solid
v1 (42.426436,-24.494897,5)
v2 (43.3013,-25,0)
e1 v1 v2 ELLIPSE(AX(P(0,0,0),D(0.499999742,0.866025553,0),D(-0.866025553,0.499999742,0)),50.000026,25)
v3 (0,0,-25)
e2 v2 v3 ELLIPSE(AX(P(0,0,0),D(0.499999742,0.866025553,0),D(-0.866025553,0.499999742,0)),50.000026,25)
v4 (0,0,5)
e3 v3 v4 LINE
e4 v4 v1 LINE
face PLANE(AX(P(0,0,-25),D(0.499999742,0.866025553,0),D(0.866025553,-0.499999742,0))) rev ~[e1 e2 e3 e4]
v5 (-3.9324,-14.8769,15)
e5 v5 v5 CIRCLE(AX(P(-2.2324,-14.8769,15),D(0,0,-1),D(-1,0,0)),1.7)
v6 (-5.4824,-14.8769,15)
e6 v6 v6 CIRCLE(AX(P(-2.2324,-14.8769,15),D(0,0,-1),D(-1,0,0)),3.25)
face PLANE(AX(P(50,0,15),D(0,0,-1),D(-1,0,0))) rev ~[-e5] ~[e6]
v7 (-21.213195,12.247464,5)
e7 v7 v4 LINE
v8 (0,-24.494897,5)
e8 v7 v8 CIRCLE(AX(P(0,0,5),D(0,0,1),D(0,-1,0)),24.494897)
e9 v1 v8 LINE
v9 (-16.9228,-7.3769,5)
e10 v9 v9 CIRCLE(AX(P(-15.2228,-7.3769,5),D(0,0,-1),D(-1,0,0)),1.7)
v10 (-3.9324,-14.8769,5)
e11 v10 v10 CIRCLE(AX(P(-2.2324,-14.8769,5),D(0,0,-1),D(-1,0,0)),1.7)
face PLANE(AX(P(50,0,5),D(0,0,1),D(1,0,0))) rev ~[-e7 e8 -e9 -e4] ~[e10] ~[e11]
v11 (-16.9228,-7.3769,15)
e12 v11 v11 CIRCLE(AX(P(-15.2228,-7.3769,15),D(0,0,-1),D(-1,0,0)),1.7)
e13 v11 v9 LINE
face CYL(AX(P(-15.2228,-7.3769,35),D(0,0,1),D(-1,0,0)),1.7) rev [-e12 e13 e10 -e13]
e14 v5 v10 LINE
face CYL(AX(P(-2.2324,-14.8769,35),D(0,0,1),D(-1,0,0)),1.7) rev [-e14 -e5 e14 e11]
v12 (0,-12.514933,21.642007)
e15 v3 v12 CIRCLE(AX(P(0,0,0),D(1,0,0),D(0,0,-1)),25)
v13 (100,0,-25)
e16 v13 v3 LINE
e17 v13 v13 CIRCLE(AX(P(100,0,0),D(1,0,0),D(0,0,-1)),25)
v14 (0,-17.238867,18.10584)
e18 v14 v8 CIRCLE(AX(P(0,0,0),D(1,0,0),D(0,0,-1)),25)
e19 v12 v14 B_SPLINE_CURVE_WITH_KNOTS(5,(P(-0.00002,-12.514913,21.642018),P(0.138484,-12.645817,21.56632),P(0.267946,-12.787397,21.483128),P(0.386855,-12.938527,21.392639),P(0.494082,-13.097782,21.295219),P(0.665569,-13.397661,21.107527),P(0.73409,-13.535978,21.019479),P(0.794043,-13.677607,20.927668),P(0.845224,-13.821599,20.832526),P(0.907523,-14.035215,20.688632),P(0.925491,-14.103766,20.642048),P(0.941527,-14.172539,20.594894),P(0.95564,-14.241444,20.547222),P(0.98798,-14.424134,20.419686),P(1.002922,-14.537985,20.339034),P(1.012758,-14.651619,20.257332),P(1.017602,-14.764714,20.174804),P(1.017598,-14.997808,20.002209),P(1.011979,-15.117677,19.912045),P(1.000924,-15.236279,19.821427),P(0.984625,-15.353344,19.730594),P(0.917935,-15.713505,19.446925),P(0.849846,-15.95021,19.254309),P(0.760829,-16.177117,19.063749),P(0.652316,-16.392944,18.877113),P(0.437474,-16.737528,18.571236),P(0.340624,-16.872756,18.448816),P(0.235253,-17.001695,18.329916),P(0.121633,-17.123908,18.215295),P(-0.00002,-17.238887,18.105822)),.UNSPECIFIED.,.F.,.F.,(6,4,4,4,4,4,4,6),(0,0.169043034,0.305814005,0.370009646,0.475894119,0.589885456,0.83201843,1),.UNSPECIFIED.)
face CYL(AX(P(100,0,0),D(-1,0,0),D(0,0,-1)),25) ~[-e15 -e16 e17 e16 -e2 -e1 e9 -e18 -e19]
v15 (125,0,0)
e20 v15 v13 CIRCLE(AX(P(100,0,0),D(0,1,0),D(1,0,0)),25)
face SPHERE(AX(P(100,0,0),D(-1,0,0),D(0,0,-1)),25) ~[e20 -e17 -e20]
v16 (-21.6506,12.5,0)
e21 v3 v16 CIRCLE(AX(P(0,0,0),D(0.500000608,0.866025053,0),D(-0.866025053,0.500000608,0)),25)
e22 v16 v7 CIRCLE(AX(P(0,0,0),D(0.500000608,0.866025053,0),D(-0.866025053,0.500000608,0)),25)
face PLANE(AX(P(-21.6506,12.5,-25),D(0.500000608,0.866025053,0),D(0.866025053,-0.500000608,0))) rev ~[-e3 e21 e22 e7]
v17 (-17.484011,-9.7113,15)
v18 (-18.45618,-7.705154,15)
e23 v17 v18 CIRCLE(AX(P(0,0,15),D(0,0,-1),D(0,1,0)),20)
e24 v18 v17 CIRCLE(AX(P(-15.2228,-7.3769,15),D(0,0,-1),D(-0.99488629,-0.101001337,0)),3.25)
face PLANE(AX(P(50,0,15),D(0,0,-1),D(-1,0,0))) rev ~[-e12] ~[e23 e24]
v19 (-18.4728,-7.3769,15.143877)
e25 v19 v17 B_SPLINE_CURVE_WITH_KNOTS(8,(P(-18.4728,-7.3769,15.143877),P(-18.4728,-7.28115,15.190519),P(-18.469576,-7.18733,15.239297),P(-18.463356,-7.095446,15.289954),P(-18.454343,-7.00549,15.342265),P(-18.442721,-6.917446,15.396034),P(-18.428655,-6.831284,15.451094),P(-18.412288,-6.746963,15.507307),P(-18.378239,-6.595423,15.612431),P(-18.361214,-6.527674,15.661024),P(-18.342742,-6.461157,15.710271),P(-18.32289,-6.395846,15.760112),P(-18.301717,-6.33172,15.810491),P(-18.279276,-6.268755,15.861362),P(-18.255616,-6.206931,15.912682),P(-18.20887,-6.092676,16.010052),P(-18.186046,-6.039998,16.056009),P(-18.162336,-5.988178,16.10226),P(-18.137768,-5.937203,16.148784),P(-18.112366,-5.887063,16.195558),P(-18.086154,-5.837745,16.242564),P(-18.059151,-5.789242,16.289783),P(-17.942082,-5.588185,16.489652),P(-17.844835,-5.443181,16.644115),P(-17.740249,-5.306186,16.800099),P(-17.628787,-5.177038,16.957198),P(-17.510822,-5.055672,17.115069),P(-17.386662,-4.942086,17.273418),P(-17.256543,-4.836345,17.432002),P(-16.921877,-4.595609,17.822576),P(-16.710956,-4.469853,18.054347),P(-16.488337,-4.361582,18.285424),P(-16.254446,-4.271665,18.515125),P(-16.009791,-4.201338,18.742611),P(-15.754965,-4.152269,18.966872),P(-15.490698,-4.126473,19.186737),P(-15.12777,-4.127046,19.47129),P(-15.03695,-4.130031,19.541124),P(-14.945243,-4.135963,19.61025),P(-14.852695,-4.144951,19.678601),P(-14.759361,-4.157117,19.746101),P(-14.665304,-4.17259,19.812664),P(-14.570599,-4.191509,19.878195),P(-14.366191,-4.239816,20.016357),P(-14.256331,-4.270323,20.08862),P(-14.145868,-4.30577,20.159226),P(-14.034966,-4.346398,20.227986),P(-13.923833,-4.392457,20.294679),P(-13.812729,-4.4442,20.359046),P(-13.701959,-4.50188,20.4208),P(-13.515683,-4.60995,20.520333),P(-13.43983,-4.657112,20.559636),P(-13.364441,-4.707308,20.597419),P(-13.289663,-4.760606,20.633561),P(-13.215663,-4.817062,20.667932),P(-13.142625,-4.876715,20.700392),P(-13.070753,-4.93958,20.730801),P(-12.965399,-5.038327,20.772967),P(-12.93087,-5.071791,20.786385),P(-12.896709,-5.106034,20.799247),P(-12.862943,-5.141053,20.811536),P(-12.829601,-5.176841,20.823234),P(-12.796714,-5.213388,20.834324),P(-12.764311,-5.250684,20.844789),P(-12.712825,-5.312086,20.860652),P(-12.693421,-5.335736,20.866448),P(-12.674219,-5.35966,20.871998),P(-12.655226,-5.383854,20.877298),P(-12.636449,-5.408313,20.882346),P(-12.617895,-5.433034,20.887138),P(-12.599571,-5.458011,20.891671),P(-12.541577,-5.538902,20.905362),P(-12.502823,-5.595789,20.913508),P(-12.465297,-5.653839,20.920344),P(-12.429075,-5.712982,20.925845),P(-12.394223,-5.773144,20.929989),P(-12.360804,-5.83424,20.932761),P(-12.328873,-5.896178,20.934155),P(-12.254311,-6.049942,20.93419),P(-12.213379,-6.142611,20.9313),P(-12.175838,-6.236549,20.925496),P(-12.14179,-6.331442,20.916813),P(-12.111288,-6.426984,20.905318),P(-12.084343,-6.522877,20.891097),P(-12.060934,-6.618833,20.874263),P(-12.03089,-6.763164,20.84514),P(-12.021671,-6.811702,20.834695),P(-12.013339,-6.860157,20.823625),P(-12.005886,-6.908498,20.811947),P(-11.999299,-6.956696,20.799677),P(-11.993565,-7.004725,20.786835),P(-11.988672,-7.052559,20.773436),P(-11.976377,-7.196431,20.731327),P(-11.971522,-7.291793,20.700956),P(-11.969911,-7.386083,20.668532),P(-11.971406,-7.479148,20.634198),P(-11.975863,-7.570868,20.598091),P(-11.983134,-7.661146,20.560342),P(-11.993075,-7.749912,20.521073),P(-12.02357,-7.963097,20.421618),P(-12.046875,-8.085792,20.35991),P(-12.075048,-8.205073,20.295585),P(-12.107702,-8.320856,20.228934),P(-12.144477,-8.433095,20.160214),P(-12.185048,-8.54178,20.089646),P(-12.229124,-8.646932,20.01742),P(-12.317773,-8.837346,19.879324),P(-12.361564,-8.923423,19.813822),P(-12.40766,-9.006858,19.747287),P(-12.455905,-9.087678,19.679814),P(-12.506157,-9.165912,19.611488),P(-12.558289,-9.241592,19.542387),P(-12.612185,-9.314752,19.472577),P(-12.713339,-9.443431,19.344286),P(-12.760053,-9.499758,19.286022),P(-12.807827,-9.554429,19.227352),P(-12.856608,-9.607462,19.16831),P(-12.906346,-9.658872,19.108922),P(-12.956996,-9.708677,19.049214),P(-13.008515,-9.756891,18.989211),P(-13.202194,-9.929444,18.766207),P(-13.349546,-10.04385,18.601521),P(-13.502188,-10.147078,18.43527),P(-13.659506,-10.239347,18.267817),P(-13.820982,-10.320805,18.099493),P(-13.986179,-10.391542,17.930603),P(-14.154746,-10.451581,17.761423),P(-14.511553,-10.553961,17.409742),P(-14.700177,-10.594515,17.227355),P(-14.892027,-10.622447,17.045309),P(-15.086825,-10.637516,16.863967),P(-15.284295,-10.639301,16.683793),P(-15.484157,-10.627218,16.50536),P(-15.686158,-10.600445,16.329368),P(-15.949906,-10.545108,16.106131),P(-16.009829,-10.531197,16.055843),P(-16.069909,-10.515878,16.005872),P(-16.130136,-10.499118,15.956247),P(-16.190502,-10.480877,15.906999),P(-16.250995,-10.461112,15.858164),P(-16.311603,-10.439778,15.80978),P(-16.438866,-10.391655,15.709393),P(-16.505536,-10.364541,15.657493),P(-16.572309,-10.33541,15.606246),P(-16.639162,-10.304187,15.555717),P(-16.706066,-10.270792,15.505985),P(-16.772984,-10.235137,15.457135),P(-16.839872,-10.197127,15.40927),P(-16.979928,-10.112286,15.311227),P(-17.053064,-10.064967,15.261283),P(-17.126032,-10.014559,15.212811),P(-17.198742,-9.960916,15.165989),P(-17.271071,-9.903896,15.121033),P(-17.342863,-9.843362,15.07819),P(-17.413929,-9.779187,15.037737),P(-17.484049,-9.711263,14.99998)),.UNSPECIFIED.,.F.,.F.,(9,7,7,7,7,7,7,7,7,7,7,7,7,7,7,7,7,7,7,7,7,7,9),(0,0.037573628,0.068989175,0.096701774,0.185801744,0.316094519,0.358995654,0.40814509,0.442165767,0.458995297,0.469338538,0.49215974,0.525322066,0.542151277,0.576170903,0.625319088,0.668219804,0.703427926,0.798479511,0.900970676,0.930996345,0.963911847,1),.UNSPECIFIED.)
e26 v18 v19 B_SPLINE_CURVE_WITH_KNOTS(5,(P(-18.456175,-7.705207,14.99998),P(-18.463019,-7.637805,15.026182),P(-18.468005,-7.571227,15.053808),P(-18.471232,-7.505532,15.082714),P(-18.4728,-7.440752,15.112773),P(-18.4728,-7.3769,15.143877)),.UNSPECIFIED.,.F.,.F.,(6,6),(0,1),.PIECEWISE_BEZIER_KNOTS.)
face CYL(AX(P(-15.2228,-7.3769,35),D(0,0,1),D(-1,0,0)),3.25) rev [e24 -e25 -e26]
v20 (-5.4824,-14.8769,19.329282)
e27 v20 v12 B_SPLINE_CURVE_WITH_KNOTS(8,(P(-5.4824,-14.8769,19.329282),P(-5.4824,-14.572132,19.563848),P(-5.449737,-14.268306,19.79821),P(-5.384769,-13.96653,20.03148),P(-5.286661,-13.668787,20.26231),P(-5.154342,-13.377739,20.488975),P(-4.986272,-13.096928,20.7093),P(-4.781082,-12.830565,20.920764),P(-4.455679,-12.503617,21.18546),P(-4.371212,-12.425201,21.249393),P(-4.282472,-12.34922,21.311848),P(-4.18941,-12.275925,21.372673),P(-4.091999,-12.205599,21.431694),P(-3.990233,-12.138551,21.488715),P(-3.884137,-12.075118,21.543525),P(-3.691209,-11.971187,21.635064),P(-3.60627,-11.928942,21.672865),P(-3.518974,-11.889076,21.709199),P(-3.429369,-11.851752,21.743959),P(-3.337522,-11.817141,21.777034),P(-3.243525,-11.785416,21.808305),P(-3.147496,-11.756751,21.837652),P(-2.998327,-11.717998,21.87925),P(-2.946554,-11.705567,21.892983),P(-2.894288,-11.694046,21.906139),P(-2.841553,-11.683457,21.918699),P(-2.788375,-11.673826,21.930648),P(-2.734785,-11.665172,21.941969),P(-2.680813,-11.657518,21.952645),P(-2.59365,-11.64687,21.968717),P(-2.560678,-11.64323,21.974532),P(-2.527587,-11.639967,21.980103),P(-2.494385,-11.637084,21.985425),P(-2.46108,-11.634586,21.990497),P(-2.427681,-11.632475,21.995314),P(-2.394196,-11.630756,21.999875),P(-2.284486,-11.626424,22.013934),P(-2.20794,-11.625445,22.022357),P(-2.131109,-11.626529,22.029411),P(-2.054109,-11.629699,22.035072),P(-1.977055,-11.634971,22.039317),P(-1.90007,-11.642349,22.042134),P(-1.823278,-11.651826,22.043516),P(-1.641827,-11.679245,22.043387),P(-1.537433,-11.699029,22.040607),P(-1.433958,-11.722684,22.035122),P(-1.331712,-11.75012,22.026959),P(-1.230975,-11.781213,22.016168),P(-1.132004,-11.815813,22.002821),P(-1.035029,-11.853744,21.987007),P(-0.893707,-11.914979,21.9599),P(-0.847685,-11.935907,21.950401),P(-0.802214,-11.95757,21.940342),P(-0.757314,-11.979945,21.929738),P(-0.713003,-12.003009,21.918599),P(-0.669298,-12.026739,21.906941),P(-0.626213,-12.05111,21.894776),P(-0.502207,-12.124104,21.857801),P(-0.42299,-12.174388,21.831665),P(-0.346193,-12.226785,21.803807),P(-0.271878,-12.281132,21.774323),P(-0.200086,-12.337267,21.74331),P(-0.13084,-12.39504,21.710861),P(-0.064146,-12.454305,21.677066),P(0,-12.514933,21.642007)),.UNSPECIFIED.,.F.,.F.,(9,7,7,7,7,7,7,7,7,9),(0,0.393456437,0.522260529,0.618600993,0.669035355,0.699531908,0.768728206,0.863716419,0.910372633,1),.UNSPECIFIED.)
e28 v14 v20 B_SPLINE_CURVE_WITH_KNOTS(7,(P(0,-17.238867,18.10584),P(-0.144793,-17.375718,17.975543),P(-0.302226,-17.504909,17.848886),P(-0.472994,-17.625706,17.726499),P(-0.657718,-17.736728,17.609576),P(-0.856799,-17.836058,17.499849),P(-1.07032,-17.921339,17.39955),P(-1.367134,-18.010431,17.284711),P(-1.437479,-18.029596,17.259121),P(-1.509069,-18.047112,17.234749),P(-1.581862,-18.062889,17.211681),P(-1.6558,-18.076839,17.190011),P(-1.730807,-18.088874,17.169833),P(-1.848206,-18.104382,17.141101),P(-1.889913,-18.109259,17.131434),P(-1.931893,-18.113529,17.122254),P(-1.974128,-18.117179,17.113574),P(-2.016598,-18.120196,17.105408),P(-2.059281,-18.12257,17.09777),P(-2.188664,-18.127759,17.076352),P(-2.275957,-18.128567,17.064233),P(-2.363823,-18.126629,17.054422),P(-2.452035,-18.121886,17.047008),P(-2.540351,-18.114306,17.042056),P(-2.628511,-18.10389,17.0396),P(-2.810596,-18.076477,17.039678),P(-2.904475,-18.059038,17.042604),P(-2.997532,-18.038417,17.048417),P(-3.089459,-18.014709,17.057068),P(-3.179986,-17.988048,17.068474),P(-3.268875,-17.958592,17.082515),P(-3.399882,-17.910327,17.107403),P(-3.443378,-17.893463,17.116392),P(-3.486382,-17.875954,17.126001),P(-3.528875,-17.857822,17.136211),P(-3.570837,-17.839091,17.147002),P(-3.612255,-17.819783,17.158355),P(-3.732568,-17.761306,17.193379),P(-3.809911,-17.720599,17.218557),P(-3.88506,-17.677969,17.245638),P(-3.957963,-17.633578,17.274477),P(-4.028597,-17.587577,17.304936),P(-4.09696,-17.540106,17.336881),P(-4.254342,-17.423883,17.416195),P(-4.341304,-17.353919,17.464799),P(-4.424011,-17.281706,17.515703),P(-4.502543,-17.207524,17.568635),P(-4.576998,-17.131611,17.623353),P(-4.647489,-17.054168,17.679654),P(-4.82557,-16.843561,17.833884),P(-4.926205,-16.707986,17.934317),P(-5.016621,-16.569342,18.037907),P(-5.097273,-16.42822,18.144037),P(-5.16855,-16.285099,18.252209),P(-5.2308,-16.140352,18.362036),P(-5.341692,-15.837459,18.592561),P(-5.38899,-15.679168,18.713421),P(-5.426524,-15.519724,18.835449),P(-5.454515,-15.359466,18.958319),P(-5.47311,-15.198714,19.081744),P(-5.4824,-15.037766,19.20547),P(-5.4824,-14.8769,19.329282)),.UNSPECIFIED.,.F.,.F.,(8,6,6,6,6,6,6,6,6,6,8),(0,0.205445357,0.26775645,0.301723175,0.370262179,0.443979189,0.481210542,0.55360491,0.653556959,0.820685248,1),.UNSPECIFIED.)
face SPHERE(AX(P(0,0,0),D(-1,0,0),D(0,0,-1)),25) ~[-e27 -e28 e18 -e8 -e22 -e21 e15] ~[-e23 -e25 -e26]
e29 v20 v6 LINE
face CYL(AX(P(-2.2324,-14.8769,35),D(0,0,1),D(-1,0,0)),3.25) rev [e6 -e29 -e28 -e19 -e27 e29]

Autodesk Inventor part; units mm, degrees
ref_plane "YZ Plane" through (0, 0, 0) normal (1, 0, 0) x (0, 1, 0)
sketch "Esquisse1" plane through (0, 0, 0) normal (0, 1, 0) x (-1, 0, 0)
  line L0 (0, 0) -> (-100, 0)
  line L1 (-100, 0) -> (-100, -25)
  line L2 (-100, -25) -> (0, -25)
  line L3 (0, -25) -> (0, 0)
  arc A0 (0, -25) -> (25, 0) centre (0, 0) ccw
  line L4 (25, 0) -> (0, 0)
  line L5 (0, 0) -> (0, -25)
  line L6 (-100, 0) -> (-100, -25)
  arc A1 (-125, 0) -> (-100, -25) centre (-100, 0) ccw
  line L7 (-100, 0) -> (-125, 0)
  dimension "d1" = 25
  dimension "d2" = 100
revolve "Révolution1" add sketch "Esquisse1" angle 360 about axis through (0, 0, 0) along (1, 0, 0)
ref_plane "Plan de construction1" through (50, 0, -25) normal (0, 0, 1) x (1, 0, 0)
sketch "Esquisse2" plane through (50, 0, -25) normal (0, 0, 1) x (1, 0, 0)
  arc A0 (-50, 25) -> (-50, -25) centre (-50, 0) ccw projected
  line L0 (-50, 0) -> (-62.5, -21.6506)
  line L1 (-62.5, -21.6506) -> (-84.1506, -9.1506)
  line L2 (-84.1506, -9.1506) -> (-71.6506, 12.5)
  line L3 (-71.6506, 12.5) -> (-50, 0)
  line L4 (-50, 0) -> (-17.1432, 0)
  line L5 (-50, 0) -> (-6.6987, -25)
  line L6 (-6.6987, -25) -> (-19.1987, -46.6506)
  line L7 (-19.1987, -46.6506) -> (-62.5, -21.6506)
  line L8 (-62.5, -21.6506) -> (-50, 0)
  line L9 (-50, -25) -> (-50, 25) construction
  line L10 (-50, -25) -> (100.3384, -25) construction
  dimension "d8" = 120
extrude "Extrusion1" cut sketch "Esquisse2" along normal blind 30
ref_plane "Plan de construction2" through (50, 0, 35) normal (0, 0, -1) x (-1, 0, 0)
sketch "Esquisse3" plane through (50, 0, 35) normal (0, 0, -1) x (-1, 0, 0)
  line L0 (65.2228, -7.3769) -> (52.2324, -14.8769) construction
  circle A0 centre (52.2324, -14.8769) radius 1.7
  circle A1 centre (65.2228, -7.3769) radius 1.7
  line L1 (71.2132, 12.2474) -> (50, 0) construction
  line L2 (71.2132, 12.2474) -> (-7.2, -33.0245) construction
  line L3 (71.2132, 12.2474) -> (83.9867, -9.8769) construction
  dimension "d15" = 3.4
  dimension "d16" = 3.4
  dimension "d23" = 14
  dimension "d24" = 15
  dimension "d25" = 30
extrude "Extrusion2" cut sketch "Esquisse3" along normal blind 30
sketch "Esquisse4" plane through (50, 0, 35) normal (0, 0, -1) x (-1, 0, 0)
  circle A0 centre (65.2228, -7.3769) radius 1.7 projected
  circle A1 centre (65.2228, -7.3769) radius 3.25
  circle A2 centre (52.2324, -14.8769) radius 1.7 projected
  circle A3 centre (52.2324, -14.8769) radius 3.25
  point P0 (50, 0)
  dimension "d19" = 6.5
  dimension "d20" = 6.5
extrude "Extrusion3" cut sketch "Esquisse4" along normal blind 20
equation "\"d16\" = d15"
equation "\"d20\" = d19"
properties part number "P1704_002_mainDroite"
